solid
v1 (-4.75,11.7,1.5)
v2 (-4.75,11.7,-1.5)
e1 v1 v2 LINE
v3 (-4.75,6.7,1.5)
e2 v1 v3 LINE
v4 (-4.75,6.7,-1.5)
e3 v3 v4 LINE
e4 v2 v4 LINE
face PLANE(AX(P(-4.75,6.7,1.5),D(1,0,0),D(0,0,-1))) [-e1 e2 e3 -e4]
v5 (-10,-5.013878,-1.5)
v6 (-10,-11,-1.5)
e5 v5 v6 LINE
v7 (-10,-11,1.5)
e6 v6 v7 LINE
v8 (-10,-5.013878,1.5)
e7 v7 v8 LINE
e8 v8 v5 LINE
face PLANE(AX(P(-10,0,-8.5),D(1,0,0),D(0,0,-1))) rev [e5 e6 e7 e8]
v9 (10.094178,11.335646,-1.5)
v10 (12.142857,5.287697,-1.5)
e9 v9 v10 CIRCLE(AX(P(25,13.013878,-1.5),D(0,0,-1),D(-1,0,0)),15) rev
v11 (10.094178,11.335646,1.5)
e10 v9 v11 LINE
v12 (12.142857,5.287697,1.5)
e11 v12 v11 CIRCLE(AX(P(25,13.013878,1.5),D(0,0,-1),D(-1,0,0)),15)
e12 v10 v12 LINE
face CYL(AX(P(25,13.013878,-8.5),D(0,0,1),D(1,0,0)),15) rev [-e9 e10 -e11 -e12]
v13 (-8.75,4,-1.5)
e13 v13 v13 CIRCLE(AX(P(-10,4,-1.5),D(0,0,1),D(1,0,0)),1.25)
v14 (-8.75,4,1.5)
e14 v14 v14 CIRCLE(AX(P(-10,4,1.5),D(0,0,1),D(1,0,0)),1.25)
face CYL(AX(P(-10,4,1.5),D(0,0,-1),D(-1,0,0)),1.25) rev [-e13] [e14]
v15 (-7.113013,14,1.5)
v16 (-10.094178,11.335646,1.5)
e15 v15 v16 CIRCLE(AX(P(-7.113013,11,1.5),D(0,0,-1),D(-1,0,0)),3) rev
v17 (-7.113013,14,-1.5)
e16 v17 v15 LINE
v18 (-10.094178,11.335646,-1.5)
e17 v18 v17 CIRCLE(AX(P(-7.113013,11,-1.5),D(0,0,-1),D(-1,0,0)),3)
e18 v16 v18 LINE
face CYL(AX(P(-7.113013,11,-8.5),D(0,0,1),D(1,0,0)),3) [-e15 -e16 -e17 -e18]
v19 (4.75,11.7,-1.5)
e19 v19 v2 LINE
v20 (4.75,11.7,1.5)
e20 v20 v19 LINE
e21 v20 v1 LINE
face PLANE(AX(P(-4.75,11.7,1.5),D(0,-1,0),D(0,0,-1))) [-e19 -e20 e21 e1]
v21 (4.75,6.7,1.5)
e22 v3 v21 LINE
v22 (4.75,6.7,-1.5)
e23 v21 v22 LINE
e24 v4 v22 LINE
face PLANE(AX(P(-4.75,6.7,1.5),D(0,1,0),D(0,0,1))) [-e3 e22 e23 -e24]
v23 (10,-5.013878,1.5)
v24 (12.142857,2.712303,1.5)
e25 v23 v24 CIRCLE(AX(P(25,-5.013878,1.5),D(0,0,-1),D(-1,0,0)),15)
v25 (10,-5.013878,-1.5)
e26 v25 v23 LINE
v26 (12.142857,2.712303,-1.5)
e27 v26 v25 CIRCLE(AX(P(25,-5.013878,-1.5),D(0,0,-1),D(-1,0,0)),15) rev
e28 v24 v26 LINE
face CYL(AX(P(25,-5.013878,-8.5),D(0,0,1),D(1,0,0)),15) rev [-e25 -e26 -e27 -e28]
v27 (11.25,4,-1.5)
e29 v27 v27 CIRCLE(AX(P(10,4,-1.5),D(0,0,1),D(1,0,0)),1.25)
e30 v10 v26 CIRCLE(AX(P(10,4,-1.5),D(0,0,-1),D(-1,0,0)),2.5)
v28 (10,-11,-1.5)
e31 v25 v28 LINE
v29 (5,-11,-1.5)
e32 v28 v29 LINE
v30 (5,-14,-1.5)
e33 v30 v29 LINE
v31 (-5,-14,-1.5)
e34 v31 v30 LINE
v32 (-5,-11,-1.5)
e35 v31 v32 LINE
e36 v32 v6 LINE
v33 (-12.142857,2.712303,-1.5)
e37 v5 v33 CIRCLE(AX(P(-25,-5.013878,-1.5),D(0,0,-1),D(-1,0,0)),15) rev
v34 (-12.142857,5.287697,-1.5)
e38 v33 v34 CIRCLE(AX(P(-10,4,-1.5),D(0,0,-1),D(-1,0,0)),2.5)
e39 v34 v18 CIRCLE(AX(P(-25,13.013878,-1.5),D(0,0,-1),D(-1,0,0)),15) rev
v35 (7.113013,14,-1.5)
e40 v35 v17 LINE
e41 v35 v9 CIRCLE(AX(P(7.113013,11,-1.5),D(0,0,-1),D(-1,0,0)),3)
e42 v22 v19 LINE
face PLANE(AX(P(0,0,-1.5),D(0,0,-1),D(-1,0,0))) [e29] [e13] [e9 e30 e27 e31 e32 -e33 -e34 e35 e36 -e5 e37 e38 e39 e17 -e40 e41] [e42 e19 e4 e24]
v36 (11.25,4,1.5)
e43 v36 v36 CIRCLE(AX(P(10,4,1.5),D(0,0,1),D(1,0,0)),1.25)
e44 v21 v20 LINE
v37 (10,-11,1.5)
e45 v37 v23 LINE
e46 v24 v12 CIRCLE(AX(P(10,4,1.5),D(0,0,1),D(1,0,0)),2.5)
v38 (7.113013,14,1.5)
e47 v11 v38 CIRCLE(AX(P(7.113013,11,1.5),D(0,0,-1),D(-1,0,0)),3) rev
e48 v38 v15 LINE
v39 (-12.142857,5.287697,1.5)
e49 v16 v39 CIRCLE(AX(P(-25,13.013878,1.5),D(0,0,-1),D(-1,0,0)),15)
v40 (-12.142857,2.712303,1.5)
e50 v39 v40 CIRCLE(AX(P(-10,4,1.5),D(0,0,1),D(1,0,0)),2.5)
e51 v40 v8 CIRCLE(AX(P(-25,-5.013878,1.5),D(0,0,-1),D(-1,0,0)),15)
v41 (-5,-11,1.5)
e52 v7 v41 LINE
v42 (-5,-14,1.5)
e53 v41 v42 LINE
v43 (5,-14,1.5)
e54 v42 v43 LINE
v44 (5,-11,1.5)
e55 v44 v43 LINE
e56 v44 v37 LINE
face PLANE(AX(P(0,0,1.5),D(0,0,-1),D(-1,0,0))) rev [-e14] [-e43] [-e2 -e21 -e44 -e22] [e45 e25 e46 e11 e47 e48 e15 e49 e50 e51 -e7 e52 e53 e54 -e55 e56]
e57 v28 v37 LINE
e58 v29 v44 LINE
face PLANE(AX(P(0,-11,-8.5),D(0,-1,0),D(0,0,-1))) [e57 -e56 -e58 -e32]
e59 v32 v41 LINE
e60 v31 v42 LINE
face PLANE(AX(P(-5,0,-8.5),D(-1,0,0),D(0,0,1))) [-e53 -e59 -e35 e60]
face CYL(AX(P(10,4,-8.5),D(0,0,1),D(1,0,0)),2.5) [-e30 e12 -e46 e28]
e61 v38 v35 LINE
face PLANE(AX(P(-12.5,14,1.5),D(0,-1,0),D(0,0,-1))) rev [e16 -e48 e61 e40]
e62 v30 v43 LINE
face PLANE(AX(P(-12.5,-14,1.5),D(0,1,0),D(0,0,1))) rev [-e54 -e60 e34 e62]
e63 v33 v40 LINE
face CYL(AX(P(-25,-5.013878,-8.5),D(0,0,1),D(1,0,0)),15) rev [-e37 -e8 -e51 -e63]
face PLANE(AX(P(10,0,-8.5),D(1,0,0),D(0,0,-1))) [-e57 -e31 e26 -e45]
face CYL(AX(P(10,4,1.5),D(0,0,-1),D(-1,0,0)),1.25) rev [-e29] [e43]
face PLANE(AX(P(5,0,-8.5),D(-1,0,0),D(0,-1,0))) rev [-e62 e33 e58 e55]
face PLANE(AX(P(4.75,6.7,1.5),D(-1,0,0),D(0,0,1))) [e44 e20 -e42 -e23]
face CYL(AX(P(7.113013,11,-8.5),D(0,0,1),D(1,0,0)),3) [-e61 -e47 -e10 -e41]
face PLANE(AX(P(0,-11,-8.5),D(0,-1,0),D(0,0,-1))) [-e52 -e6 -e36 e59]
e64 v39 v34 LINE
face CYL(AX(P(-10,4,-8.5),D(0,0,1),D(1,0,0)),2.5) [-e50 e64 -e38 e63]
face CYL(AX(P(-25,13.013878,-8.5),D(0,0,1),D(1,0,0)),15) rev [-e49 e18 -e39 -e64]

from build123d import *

# Parameters (mm, degrees)
CROQUIS1_W              = 25
CROQUIS1_H              = 28
CROQUIS1_R              = 1.25
CROQUIS1_W_2            = 9.5
CROQUIS1_H_2            = 5
SALIENTE_EXTRUIR1_DEPTH = 1.5
CROQUIS2_W              = 2.5
CROQUIS2_H              = 3
CROQUIS2_W_2            = 5
CORTAR_EXTRUIR1_DEPTH   = 10
REDONDEO1_R             = 15
REDONDEO2_R             = 3


with BuildPart() as part:
    # Croquis1 → Saliente-Extruir1 (new, symmetric)
    with BuildSketch(Plane.XY):
        Rectangle(CROQUIS1_W, CROQUIS1_H)
        with Locations((-10, 4)):
            Circle(CROQUIS1_R, mode=Mode.SUBTRACT)
        with Locations((10, 4)):
            Circle(CROQUIS1_R, mode=Mode.SUBTRACT)
        with Locations((0, 9.2)):
            Rectangle(CROQUIS1_W_2, CROQUIS1_H_2, mode=Mode.SUBTRACT)
    extrude(amount=SALIENTE_EXTRUIR1_DEPTH, both=True)

    # Croquis2 → Cortar-Extruir1 (cut)
    with BuildSketch(Plane.XY.offset(1.5)):
        with Locations((-11.25, -12.5)):
            Rectangle(CROQUIS2_W, CROQUIS2_H)
        with Locations((-7.5, -12.5)):
            Rectangle(CROQUIS2_W_2, CROQUIS2_H)
        with Locations((7.5, -12.5)):
            Rectangle(CROQUIS2_W_2, CROQUIS2_H)
        with Locations((11.25, -12.5)):
            Rectangle(CROQUIS2_W, CROQUIS2_H)
        with BuildLine():
            Line((-12.5, -11), (-10, -11))
            Line((-10, -11), (-10, 1.5))
            ThreePointArc((-10, 1.5), (-11.767766953, 2.232233047), (-12.5, 4))
            Line((-12.5, 4), (-12.5, -11))
        make_face()
        with BuildLine():
            Line((10, 1.5), (10, -11))
            Line((10, -11), (12.5, -11))
            Line((12.5, -11), (12.5, 4))
            ThreePointArc((12.5, 4), (11.767766953, 2.232233047), (10, 1.5))
        make_face()
        with BuildLine():
            Line((12.5, 14), (10, 14))
            Line((10, 14), (10, 6.5))
            ThreePointArc((10, 6.5), (11.767766953, 5.767766953), (12.5, 4))
            Line((12.5, 4), (12.5, 14))
        make_face()
        with BuildLine():
            ThreePointArc((-12.5, 4), (-11.767766953, 5.767766953), (-10, 6.5))
            Line((-10, 6.5), (-10, 14))
            Line((-10, 14), (-12.5, 14))
            Line((-12.5, 14), (-12.5, 4))
        make_face()
    extrude(amount=-CORTAR_EXTRUIR1_DEPTH, mode=Mode.SUBTRACT)

    # Redondeo1
    redondeo1_edges = [part.edges().sort_by_distance(p)[0] for p in [
        (-10, 6.5, 0),
        (-10, 1.5, 0),
        (10, 1.5, 0),
        (10, 6.5, 0),
    ]]
    fillet(redondeo1_edges, radius=REDONDEO1_R)

    # Redondeo2
    redondeo2_edges = [part.edges().sort_by_distance(p)[0] for p in [
        (10, 14, 0),
        (-10, 14, 0),
    ]]
    fillet(redondeo2_edges, radius=REDONDEO2_R)


solid = part.part
